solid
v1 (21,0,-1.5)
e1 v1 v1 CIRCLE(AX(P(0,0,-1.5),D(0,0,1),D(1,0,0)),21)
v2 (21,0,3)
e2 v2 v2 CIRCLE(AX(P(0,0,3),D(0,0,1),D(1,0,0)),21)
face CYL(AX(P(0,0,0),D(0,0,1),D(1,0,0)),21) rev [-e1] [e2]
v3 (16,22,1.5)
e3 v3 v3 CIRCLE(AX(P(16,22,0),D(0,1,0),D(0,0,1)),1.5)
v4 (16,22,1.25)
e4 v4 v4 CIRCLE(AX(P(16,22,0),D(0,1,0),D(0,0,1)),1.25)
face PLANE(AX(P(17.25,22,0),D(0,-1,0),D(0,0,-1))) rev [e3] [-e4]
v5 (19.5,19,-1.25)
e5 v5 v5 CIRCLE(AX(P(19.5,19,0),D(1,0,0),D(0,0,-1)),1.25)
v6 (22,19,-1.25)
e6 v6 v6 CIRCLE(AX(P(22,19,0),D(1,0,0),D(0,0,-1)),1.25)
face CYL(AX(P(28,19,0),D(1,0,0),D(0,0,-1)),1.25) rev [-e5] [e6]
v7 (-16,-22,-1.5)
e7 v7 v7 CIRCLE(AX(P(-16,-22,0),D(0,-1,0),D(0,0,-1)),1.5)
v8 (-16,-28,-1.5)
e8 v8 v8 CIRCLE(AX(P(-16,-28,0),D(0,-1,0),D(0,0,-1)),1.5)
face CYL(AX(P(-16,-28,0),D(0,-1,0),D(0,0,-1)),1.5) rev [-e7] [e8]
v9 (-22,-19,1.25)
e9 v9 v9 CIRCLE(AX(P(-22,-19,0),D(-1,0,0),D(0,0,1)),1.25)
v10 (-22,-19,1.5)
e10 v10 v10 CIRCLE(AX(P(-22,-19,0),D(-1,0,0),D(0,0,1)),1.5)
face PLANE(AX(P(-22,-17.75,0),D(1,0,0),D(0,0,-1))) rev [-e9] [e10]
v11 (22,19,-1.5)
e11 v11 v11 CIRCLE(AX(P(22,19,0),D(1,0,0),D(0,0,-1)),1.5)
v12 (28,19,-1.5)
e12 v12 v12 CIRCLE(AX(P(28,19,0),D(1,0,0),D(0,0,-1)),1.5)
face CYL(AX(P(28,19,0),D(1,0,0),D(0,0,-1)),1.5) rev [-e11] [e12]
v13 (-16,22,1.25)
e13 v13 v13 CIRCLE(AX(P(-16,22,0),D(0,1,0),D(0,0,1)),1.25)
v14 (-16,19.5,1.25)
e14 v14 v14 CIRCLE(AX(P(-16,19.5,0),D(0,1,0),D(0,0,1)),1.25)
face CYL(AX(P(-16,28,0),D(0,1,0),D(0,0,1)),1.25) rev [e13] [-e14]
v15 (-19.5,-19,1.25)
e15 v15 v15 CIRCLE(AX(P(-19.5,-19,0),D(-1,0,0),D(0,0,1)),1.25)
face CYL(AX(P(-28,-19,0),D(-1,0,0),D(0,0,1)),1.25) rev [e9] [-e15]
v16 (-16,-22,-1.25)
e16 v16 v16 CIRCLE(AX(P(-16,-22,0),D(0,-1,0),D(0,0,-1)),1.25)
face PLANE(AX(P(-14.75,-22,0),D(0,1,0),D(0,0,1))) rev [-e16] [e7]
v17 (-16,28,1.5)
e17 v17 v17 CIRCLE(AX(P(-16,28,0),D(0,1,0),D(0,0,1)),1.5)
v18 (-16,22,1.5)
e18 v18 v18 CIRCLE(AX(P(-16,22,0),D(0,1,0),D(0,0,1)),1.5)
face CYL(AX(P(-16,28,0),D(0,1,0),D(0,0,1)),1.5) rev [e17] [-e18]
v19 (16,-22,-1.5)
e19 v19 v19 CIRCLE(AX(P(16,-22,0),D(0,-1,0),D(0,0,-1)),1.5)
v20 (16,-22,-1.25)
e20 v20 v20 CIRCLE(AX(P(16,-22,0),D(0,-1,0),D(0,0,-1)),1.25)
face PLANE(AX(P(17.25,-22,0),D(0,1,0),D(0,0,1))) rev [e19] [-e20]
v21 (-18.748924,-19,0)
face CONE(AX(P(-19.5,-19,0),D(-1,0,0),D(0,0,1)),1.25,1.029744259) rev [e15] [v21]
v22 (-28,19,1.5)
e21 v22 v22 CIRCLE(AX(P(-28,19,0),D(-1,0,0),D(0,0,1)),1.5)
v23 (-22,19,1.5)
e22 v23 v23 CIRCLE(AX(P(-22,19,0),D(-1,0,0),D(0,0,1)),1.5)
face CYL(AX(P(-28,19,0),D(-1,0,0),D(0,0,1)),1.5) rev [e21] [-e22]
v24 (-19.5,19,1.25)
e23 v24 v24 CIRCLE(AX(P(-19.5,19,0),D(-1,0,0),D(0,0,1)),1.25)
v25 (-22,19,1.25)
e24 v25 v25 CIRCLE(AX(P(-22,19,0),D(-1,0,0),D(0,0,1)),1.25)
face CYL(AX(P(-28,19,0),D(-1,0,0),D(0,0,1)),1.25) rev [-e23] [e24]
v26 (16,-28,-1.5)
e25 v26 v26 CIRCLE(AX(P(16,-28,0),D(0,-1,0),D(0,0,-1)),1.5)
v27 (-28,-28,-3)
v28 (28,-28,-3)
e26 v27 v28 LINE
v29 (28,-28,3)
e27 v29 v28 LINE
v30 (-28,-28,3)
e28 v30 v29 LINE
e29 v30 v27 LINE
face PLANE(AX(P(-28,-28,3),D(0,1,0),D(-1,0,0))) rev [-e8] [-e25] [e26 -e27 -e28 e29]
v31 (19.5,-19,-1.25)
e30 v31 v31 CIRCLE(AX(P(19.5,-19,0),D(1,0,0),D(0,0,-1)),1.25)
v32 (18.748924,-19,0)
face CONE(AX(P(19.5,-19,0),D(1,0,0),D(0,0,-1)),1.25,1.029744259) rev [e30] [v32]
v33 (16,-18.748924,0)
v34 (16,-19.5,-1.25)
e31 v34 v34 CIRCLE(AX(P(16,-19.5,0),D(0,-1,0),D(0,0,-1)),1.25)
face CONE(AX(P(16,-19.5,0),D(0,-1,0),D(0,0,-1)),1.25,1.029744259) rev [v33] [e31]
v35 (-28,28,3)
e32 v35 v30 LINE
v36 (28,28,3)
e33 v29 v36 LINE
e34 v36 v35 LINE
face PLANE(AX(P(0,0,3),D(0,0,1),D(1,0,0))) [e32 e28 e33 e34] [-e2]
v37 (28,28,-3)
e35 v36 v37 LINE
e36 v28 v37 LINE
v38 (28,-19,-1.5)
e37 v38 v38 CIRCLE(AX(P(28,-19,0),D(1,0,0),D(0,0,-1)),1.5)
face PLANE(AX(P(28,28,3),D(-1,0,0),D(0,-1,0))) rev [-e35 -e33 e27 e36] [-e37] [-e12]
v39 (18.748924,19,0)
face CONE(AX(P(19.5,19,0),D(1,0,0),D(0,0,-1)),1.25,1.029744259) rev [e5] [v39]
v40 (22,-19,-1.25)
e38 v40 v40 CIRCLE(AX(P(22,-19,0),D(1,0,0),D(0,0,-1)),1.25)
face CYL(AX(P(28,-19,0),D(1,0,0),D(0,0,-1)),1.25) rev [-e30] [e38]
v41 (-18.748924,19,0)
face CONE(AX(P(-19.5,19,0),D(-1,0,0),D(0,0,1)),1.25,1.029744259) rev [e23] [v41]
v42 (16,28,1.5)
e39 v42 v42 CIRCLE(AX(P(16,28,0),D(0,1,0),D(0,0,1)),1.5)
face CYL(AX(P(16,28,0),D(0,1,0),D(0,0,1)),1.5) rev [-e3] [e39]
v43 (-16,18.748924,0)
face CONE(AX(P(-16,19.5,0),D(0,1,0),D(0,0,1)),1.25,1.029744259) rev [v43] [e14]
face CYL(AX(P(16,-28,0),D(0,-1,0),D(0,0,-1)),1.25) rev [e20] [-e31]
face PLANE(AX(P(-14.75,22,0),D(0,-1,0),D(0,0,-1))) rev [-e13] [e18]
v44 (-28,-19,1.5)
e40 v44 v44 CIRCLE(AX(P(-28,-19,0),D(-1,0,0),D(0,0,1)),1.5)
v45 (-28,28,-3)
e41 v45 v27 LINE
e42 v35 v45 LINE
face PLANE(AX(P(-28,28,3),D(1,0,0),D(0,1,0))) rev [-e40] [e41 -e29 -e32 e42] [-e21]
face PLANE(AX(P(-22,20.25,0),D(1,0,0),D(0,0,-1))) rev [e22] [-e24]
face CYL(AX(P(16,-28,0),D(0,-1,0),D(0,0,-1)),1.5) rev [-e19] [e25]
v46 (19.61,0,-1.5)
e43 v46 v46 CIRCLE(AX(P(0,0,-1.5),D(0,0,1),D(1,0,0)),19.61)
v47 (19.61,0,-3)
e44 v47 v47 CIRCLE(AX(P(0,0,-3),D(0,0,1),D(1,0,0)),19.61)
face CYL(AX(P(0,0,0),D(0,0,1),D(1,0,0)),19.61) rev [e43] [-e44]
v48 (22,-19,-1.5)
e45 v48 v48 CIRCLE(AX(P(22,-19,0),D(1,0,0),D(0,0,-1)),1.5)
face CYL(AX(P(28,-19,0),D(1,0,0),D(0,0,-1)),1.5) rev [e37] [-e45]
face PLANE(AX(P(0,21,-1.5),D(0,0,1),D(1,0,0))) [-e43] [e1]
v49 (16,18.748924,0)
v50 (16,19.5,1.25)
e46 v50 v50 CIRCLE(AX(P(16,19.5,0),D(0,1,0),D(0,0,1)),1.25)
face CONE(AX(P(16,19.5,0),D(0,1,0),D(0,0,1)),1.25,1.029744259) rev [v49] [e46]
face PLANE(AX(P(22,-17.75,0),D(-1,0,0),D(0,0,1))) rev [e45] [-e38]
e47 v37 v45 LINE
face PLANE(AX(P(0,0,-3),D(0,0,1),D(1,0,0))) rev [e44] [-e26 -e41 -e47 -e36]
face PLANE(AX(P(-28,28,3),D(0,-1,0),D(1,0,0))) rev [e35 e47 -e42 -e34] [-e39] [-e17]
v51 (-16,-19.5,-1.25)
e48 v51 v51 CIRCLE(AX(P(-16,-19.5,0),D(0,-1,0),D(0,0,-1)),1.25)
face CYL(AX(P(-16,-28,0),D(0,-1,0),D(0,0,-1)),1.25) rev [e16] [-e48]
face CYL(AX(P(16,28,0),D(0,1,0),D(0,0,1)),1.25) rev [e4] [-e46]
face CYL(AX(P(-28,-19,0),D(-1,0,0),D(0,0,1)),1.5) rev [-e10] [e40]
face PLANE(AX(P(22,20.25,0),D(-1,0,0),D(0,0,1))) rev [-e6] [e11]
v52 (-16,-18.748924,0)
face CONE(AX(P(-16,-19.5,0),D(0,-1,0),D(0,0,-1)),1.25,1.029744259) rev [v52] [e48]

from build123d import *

# Parameters (mm, degrees)
SKETCH_2_W                     = 56
SKETCH_2_H                     = 56
EXTRUDE_1_DEPTH                = 3
M3X0_5_1_D                     = 2.5
M3X0_5_1_DEPTH                 = 8.5
M3X0_5_1_CBORE_D               = 3
M3X0_5_1_CBORE_DEPTH           = 6
M3X0_5_1_TIP                   = 0.751075774
M3X0_5_1_ON_FACE_2_D           = 2.5
M3X0_5_1_ON_FACE_2_DEPTH       = 8.5
M3X0_5_1_ON_FACE_2_CBORE_D     = 3
M3X0_5_1_ON_FACE_2_CBORE_DEPTH = 6
M3X0_5_1_ON_FACE_2_TIP         = 0.751075774
M3X0_5_1_ON_FACE_3_D           = 2.5
M3X0_5_1_ON_FACE_3_DEPTH       = 8.5
M3X0_5_1_ON_FACE_3_CBORE_D     = 3
M3X0_5_1_ON_FACE_3_CBORE_DEPTH = 6
M3X0_5_1_ON_FACE_3_TIP         = 0.751075774
M3X0_5_1_ON_FACE_4_D           = 2.5
M3X0_5_1_ON_FACE_4_DEPTH       = 8.5
M3X0_5_1_ON_FACE_4_CBORE_D     = 3
M3X0_5_1_ON_FACE_4_CBORE_DEPTH = 6
M3X0_5_1_ON_FACE_4_TIP         = 0.751075774


with BuildPart() as part:
    # ｽｹｯﾁ2 → ﾎﾞｽ - 押し出し1 (new, symmetric)
    with BuildSketch(Plane.XY):
        Rectangle(SKETCH_2_W, SKETCH_2_H)
    extrude(amount=EXTRUDE_1_DEPTH, both=True)

    # ｽｹｯﾁ3 → ｶｯﾄ - 回転1 (revolve, cut)
    with BuildSketch(Plane(origin=(0, 0, 0), x_dir=(0, 0, -1), z_dir=(1, 0, 0)), mode=Mode.PRIVATE) as cut_revolve_1_sk:
        Polygon((-3, 21), (1.5, 21), (1.5, 19.61), (3, 19.61), (3, 0), (-3, 0), align=None)
    revolve(cut_revolve_1_sk.sketch.rotate(Axis((0, 0, 0), (0, 0, -1)), 90), axis=Axis((0, 0, 0), (0, 0, -1)), mode=Mode.SUBTRACT)

    # M3x0.5 ねじ穴1
    with Locations(Plane(origin=(-16, 28, 0), x_dir=(1, 0, 0), z_dir=(0, 1, 0))):
        with Locations((0, 0), (32, 0)):
            CounterBoreHole(M3X0_5_1_D / 2, M3X0_5_1_CBORE_D / 2, M3X0_5_1_CBORE_DEPTH, depth=M3X0_5_1_DEPTH)
            with Locations((0, 0, -(M3X0_5_1_DEPTH + M3X0_5_1_TIP / 2))):  # 118° drill point
                Cone(0, M3X0_5_1_D / 2, M3X0_5_1_TIP, mode=Mode.SUBTRACT)

    # M3x0.5 ねじ穴1 on face 2
    with Locations(Plane(origin=(28, 19, 0), x_dir=(0, 0, 1), z_dir=(1, 0, 0))):
        with Locations((0, 0), (0, 38)):
            CounterBoreHole(M3X0_5_1_ON_FACE_2_D / 2, M3X0_5_1_ON_FACE_2_CBORE_D / 2, M3X0_5_1_ON_FACE_2_CBORE_DEPTH, depth=M3X0_5_1_ON_FACE_2_DEPTH)
            with Locations((0, 0, -(M3X0_5_1_ON_FACE_2_DEPTH + M3X0_5_1_ON_FACE_2_TIP / 2))):  # 118° drill point
                Cone(0, M3X0_5_1_ON_FACE_2_D / 2, M3X0_5_1_ON_FACE_2_TIP, mode=Mode.SUBTRACT)

    # M3x0.5 ねじ穴1 on face 3
    with Locations(Plane(origin=(16, -28, 0), x_dir=(0, 0, -1), z_dir=(0, -1, 0))):
        with Locations((0, 0), (0, -32)):
            CounterBoreHole(M3X0_5_1_ON_FACE_3_D / 2, M3X0_5_1_ON_FACE_3_CBORE_D / 2, M3X0_5_1_ON_FACE_3_CBORE_DEPTH, depth=M3X0_5_1_ON_FACE_3_DEPTH)
            with Locations((0, 0, -(M3X0_5_1_ON_FACE_3_DEPTH + M3X0_5_1_ON_FACE_3_TIP / 2))):  # 118° drill point
                Cone(0, M3X0_5_1_ON_FACE_3_D / 2, M3X0_5_1_ON_FACE_3_TIP, mode=Mode.SUBTRACT)

    # M3x0.5 ねじ穴1 on face 4
    with Locations(Plane(origin=(-28, 19, 0), x_dir=(0, 0, -1), z_dir=(-1, 0, 0))):
        with Locations((0, 0), (0, 38)):
            CounterBoreHole(M3X0_5_1_ON_FACE_4_D / 2, M3X0_5_1_ON_FACE_4_CBORE_D / 2, M3X0_5_1_ON_FACE_4_CBORE_DEPTH, depth=M3X0_5_1_ON_FACE_4_DEPTH)
            with Locations((0, 0, -(M3X0_5_1_ON_FACE_4_DEPTH + M3X0_5_1_ON_FACE_4_TIP / 2))):  # 118° drill point
                Cone(0, M3X0_5_1_ON_FACE_4_D / 2, M3X0_5_1_ON_FACE_4_TIP, mode=Mode.SUBTRACT)


solid = part.part
